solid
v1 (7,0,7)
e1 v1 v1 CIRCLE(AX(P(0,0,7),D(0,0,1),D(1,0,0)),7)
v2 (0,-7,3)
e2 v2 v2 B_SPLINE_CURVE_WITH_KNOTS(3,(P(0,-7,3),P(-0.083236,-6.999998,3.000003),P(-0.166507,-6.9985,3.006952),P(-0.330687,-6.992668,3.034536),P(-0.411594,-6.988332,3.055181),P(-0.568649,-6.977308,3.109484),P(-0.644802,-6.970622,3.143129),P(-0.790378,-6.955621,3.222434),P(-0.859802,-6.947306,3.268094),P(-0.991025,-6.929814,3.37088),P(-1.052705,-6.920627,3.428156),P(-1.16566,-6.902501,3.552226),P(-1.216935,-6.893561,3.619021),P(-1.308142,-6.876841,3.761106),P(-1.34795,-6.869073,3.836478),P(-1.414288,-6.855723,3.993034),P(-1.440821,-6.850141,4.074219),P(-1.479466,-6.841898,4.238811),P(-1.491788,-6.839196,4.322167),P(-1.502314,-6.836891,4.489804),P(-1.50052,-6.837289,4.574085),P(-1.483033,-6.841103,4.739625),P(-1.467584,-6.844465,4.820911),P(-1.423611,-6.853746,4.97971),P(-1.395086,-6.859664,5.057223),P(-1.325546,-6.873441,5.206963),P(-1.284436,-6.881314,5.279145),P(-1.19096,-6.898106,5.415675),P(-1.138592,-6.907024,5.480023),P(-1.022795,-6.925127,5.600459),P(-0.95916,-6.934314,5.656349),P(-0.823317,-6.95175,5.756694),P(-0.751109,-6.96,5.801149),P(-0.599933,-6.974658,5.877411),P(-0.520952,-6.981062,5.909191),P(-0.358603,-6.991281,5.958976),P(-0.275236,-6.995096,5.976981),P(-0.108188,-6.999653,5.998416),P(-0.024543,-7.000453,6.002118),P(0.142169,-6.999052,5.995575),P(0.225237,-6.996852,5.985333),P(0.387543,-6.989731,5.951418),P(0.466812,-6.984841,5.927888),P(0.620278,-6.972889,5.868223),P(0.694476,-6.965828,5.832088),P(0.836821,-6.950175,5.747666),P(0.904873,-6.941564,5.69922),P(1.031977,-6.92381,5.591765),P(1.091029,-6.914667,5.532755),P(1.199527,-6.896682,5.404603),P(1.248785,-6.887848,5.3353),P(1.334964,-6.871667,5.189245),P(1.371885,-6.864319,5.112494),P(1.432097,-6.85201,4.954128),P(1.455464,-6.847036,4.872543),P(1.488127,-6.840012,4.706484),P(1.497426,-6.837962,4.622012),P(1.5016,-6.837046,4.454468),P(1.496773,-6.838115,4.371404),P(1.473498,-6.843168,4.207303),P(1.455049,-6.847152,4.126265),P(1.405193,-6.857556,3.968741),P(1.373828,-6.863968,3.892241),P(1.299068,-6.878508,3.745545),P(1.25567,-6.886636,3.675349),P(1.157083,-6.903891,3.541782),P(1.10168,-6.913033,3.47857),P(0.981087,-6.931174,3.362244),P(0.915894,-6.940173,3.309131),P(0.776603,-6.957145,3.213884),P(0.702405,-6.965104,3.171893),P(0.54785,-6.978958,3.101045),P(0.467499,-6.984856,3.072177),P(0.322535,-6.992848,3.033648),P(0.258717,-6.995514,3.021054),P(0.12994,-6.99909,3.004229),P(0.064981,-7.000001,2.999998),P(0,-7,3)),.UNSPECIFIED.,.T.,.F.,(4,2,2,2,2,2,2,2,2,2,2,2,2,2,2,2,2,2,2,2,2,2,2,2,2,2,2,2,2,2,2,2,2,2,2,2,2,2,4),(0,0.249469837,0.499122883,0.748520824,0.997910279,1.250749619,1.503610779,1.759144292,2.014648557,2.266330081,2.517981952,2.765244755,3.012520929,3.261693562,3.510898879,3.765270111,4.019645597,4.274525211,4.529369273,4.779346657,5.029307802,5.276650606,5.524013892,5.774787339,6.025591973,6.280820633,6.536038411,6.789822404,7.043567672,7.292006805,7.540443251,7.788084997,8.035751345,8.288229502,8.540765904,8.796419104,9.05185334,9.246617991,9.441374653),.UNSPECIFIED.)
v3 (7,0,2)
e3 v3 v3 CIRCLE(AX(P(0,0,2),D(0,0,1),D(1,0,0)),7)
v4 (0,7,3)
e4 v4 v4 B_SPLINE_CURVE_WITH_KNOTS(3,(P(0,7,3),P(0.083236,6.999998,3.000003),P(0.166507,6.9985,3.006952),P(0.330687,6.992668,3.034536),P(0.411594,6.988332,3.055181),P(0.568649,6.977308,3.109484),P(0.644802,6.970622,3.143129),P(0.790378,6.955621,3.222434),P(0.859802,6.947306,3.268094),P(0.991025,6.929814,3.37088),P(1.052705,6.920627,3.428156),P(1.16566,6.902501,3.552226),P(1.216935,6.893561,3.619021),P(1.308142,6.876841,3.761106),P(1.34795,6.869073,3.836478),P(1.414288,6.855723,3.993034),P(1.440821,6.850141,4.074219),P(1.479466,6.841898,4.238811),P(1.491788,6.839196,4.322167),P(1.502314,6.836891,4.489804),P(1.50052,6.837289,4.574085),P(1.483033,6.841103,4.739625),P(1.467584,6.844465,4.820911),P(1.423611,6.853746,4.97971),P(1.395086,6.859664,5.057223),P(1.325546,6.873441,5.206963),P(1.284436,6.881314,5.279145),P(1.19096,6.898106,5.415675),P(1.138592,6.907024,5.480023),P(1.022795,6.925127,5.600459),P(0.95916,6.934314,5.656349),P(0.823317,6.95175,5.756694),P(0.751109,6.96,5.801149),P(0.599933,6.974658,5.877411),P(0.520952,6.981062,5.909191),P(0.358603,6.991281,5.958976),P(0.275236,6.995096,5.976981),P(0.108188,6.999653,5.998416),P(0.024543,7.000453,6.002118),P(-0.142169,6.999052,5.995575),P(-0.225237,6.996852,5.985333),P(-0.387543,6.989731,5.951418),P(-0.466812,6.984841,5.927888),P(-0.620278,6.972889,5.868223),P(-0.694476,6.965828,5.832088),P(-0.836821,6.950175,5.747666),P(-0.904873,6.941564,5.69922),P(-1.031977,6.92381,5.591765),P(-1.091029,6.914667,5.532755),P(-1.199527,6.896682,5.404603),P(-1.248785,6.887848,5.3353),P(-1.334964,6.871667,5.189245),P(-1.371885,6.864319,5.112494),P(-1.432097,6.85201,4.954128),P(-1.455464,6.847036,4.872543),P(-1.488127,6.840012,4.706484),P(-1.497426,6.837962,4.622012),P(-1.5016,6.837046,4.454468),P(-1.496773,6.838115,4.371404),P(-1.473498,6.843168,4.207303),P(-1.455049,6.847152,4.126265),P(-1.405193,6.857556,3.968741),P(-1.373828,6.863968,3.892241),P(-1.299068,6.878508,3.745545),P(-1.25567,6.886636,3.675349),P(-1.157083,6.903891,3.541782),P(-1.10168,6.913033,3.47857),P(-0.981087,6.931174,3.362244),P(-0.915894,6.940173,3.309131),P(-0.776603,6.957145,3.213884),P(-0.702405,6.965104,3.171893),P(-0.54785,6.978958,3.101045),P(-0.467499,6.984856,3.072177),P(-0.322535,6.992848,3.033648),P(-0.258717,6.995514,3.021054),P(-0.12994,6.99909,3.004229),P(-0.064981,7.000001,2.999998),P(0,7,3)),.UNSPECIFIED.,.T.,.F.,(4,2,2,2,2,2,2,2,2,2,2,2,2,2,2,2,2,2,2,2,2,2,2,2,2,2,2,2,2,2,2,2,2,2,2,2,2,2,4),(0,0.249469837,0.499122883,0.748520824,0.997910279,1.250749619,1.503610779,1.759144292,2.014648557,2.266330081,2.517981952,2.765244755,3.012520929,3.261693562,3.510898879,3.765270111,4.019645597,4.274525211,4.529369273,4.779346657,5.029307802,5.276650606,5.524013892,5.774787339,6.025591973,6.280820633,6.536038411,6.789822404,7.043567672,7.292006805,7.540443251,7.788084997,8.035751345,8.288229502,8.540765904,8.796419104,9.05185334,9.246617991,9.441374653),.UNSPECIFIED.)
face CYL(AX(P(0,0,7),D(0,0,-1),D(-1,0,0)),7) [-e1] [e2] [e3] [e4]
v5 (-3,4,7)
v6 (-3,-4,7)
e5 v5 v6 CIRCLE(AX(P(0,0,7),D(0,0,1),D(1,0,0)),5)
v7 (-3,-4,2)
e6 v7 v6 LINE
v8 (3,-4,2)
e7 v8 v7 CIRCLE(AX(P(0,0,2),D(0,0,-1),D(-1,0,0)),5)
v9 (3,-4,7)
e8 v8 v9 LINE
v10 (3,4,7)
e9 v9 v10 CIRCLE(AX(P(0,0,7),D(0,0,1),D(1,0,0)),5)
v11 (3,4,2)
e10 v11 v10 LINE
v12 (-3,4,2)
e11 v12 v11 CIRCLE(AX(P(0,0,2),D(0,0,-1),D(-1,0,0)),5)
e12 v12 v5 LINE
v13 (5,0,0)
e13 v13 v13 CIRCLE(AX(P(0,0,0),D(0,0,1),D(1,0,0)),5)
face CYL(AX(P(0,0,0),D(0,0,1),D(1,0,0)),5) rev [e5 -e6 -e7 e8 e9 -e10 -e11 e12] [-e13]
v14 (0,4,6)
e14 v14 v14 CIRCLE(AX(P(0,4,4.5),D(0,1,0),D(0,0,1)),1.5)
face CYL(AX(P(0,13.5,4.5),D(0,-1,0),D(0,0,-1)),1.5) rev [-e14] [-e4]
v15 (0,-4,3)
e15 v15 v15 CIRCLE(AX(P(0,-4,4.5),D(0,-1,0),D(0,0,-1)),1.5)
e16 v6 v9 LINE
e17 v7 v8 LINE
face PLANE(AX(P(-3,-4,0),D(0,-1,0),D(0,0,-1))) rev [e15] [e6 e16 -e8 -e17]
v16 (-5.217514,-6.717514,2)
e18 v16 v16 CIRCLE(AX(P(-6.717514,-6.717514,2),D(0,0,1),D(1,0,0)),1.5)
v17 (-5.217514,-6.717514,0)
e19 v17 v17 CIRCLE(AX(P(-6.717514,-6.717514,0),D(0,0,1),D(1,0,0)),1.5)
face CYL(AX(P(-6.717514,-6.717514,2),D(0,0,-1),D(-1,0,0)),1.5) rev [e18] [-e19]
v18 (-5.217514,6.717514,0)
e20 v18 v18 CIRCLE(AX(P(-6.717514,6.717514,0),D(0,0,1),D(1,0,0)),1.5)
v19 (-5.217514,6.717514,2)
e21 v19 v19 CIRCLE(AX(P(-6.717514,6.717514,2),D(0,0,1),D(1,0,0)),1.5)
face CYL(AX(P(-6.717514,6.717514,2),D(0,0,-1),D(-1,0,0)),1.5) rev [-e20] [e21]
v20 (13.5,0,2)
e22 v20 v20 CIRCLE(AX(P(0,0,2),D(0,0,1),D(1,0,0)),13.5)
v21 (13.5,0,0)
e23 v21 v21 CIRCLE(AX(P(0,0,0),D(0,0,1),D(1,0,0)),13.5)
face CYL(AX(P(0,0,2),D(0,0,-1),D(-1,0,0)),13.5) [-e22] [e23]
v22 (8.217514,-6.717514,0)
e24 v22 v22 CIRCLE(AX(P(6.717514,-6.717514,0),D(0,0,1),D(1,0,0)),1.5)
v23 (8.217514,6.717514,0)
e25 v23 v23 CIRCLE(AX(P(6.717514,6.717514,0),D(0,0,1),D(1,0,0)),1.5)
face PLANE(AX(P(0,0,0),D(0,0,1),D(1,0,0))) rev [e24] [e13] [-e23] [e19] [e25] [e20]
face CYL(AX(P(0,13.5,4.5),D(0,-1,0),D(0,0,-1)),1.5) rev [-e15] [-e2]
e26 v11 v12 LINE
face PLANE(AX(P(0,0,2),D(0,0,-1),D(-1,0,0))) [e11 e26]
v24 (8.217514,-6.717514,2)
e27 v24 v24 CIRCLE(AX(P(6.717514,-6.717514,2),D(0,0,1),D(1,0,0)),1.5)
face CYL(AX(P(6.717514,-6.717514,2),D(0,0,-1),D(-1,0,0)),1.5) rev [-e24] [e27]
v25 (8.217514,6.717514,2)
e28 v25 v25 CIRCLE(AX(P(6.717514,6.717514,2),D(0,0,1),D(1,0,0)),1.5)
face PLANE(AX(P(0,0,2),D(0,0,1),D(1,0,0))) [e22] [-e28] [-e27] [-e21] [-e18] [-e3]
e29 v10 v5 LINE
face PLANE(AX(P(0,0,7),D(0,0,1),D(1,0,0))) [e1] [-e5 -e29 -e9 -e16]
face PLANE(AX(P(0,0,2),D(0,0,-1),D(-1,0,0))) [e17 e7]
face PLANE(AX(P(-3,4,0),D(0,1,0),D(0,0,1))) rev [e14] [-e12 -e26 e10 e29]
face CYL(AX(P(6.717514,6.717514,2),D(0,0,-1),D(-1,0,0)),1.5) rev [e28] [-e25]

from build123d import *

# Parameters (mm, degrees)
SKETCH_1_R               = 13.5
SKETCH_1_R_2             = 1.5
EXTRUDE_1_DEPTH          = 2
SKETCH_2_R               = 7
EXTRUDE_2_DEPTH          = 5
CUT_EXTRUDE_1_DEPTH      = 21.334699408
CUT_EXTRUDE_2_DEPTH      = 24.184046239
CUT_EXTRUDE_2_DEPTH_BACK = 24.184046239
SKETCH_4_R               = 1.5
CUT_EXTRUDE_START        = -2
SKETCH_5_R               = 5
CUT_EXTRUDE_3_DEPTH      = 2


with BuildPart() as part:
    # 草图1 → 凸台-拉伸1 (new body)
    with BuildSketch(Plane.XY):
        Circle(SKETCH_1_R)
        with Locations((6.717514421, 6.717514421)):
            Circle(SKETCH_1_R_2, mode=Mode.SUBTRACT)
        with Locations((6.717514421, -6.717514421)):
            Circle(SKETCH_1_R_2, mode=Mode.SUBTRACT)
        with Locations((-6.717514421, -6.717514421)):
            Circle(SKETCH_1_R_2, mode=Mode.SUBTRACT)
        with Locations((-6.717514421, 6.717514421)):
            Circle(SKETCH_1_R_2, mode=Mode.SUBTRACT)
    extrude(amount=EXTRUDE_1_DEPTH)

    # 草图2 → 凸台-拉伸2 (add)
    with BuildSketch(Plane.XY.offset(2)):
        Circle(SKETCH_2_R)
    extrude(amount=EXTRUDE_2_DEPTH)

    # 草图3 → 切除-拉伸1 (cut, through all)
    with BuildSketch(Plane.XY.offset(7)):
        with BuildLine():
            Line((-3, 4), (3, 4))
            ThreePointArc((3, 4), (5, 0), (3, -4))
            Line((3, -4), (-3, -4))
            ThreePointArc((-3, -4), (-5, 0), (-3, 4))
        make_face()
    extrude(amount=-CUT_EXTRUDE_1_DEPTH, mode=Mode.SUBTRACT)

    # 草图4 → 切除-拉伸2 (cut, two sides: drawn at the far end of the back side and taken through both)
    with BuildSketch(Plane.XZ.offset(-4).offset(-CUT_EXTRUDE_2_DEPTH_BACK)):
        with Locations(Location((0, 4.5, 0), (0, 0, 270))):
            Circle(SKETCH_4_R)
    extrude(amount=CUT_EXTRUDE_2_DEPTH + CUT_EXTRUDE_2_DEPTH_BACK, mode=Mode.SUBTRACT)

    # 草图5 → 切除-拉伸3 (cut)
    with BuildSketch(Plane(origin=(0, 0, 0), x_dir=(-1, 0, 0), z_dir=(0, 0, -1)).offset(CUT_EXTRUDE_START)):
        with Locations(Location((0, 0, 0), (0, 0, 180))):
            Circle(SKETCH_5_R)
    extrude(amount=CUT_EXTRUDE_3_DEPTH, mode=Mode.SUBTRACT)


solid = part.part
